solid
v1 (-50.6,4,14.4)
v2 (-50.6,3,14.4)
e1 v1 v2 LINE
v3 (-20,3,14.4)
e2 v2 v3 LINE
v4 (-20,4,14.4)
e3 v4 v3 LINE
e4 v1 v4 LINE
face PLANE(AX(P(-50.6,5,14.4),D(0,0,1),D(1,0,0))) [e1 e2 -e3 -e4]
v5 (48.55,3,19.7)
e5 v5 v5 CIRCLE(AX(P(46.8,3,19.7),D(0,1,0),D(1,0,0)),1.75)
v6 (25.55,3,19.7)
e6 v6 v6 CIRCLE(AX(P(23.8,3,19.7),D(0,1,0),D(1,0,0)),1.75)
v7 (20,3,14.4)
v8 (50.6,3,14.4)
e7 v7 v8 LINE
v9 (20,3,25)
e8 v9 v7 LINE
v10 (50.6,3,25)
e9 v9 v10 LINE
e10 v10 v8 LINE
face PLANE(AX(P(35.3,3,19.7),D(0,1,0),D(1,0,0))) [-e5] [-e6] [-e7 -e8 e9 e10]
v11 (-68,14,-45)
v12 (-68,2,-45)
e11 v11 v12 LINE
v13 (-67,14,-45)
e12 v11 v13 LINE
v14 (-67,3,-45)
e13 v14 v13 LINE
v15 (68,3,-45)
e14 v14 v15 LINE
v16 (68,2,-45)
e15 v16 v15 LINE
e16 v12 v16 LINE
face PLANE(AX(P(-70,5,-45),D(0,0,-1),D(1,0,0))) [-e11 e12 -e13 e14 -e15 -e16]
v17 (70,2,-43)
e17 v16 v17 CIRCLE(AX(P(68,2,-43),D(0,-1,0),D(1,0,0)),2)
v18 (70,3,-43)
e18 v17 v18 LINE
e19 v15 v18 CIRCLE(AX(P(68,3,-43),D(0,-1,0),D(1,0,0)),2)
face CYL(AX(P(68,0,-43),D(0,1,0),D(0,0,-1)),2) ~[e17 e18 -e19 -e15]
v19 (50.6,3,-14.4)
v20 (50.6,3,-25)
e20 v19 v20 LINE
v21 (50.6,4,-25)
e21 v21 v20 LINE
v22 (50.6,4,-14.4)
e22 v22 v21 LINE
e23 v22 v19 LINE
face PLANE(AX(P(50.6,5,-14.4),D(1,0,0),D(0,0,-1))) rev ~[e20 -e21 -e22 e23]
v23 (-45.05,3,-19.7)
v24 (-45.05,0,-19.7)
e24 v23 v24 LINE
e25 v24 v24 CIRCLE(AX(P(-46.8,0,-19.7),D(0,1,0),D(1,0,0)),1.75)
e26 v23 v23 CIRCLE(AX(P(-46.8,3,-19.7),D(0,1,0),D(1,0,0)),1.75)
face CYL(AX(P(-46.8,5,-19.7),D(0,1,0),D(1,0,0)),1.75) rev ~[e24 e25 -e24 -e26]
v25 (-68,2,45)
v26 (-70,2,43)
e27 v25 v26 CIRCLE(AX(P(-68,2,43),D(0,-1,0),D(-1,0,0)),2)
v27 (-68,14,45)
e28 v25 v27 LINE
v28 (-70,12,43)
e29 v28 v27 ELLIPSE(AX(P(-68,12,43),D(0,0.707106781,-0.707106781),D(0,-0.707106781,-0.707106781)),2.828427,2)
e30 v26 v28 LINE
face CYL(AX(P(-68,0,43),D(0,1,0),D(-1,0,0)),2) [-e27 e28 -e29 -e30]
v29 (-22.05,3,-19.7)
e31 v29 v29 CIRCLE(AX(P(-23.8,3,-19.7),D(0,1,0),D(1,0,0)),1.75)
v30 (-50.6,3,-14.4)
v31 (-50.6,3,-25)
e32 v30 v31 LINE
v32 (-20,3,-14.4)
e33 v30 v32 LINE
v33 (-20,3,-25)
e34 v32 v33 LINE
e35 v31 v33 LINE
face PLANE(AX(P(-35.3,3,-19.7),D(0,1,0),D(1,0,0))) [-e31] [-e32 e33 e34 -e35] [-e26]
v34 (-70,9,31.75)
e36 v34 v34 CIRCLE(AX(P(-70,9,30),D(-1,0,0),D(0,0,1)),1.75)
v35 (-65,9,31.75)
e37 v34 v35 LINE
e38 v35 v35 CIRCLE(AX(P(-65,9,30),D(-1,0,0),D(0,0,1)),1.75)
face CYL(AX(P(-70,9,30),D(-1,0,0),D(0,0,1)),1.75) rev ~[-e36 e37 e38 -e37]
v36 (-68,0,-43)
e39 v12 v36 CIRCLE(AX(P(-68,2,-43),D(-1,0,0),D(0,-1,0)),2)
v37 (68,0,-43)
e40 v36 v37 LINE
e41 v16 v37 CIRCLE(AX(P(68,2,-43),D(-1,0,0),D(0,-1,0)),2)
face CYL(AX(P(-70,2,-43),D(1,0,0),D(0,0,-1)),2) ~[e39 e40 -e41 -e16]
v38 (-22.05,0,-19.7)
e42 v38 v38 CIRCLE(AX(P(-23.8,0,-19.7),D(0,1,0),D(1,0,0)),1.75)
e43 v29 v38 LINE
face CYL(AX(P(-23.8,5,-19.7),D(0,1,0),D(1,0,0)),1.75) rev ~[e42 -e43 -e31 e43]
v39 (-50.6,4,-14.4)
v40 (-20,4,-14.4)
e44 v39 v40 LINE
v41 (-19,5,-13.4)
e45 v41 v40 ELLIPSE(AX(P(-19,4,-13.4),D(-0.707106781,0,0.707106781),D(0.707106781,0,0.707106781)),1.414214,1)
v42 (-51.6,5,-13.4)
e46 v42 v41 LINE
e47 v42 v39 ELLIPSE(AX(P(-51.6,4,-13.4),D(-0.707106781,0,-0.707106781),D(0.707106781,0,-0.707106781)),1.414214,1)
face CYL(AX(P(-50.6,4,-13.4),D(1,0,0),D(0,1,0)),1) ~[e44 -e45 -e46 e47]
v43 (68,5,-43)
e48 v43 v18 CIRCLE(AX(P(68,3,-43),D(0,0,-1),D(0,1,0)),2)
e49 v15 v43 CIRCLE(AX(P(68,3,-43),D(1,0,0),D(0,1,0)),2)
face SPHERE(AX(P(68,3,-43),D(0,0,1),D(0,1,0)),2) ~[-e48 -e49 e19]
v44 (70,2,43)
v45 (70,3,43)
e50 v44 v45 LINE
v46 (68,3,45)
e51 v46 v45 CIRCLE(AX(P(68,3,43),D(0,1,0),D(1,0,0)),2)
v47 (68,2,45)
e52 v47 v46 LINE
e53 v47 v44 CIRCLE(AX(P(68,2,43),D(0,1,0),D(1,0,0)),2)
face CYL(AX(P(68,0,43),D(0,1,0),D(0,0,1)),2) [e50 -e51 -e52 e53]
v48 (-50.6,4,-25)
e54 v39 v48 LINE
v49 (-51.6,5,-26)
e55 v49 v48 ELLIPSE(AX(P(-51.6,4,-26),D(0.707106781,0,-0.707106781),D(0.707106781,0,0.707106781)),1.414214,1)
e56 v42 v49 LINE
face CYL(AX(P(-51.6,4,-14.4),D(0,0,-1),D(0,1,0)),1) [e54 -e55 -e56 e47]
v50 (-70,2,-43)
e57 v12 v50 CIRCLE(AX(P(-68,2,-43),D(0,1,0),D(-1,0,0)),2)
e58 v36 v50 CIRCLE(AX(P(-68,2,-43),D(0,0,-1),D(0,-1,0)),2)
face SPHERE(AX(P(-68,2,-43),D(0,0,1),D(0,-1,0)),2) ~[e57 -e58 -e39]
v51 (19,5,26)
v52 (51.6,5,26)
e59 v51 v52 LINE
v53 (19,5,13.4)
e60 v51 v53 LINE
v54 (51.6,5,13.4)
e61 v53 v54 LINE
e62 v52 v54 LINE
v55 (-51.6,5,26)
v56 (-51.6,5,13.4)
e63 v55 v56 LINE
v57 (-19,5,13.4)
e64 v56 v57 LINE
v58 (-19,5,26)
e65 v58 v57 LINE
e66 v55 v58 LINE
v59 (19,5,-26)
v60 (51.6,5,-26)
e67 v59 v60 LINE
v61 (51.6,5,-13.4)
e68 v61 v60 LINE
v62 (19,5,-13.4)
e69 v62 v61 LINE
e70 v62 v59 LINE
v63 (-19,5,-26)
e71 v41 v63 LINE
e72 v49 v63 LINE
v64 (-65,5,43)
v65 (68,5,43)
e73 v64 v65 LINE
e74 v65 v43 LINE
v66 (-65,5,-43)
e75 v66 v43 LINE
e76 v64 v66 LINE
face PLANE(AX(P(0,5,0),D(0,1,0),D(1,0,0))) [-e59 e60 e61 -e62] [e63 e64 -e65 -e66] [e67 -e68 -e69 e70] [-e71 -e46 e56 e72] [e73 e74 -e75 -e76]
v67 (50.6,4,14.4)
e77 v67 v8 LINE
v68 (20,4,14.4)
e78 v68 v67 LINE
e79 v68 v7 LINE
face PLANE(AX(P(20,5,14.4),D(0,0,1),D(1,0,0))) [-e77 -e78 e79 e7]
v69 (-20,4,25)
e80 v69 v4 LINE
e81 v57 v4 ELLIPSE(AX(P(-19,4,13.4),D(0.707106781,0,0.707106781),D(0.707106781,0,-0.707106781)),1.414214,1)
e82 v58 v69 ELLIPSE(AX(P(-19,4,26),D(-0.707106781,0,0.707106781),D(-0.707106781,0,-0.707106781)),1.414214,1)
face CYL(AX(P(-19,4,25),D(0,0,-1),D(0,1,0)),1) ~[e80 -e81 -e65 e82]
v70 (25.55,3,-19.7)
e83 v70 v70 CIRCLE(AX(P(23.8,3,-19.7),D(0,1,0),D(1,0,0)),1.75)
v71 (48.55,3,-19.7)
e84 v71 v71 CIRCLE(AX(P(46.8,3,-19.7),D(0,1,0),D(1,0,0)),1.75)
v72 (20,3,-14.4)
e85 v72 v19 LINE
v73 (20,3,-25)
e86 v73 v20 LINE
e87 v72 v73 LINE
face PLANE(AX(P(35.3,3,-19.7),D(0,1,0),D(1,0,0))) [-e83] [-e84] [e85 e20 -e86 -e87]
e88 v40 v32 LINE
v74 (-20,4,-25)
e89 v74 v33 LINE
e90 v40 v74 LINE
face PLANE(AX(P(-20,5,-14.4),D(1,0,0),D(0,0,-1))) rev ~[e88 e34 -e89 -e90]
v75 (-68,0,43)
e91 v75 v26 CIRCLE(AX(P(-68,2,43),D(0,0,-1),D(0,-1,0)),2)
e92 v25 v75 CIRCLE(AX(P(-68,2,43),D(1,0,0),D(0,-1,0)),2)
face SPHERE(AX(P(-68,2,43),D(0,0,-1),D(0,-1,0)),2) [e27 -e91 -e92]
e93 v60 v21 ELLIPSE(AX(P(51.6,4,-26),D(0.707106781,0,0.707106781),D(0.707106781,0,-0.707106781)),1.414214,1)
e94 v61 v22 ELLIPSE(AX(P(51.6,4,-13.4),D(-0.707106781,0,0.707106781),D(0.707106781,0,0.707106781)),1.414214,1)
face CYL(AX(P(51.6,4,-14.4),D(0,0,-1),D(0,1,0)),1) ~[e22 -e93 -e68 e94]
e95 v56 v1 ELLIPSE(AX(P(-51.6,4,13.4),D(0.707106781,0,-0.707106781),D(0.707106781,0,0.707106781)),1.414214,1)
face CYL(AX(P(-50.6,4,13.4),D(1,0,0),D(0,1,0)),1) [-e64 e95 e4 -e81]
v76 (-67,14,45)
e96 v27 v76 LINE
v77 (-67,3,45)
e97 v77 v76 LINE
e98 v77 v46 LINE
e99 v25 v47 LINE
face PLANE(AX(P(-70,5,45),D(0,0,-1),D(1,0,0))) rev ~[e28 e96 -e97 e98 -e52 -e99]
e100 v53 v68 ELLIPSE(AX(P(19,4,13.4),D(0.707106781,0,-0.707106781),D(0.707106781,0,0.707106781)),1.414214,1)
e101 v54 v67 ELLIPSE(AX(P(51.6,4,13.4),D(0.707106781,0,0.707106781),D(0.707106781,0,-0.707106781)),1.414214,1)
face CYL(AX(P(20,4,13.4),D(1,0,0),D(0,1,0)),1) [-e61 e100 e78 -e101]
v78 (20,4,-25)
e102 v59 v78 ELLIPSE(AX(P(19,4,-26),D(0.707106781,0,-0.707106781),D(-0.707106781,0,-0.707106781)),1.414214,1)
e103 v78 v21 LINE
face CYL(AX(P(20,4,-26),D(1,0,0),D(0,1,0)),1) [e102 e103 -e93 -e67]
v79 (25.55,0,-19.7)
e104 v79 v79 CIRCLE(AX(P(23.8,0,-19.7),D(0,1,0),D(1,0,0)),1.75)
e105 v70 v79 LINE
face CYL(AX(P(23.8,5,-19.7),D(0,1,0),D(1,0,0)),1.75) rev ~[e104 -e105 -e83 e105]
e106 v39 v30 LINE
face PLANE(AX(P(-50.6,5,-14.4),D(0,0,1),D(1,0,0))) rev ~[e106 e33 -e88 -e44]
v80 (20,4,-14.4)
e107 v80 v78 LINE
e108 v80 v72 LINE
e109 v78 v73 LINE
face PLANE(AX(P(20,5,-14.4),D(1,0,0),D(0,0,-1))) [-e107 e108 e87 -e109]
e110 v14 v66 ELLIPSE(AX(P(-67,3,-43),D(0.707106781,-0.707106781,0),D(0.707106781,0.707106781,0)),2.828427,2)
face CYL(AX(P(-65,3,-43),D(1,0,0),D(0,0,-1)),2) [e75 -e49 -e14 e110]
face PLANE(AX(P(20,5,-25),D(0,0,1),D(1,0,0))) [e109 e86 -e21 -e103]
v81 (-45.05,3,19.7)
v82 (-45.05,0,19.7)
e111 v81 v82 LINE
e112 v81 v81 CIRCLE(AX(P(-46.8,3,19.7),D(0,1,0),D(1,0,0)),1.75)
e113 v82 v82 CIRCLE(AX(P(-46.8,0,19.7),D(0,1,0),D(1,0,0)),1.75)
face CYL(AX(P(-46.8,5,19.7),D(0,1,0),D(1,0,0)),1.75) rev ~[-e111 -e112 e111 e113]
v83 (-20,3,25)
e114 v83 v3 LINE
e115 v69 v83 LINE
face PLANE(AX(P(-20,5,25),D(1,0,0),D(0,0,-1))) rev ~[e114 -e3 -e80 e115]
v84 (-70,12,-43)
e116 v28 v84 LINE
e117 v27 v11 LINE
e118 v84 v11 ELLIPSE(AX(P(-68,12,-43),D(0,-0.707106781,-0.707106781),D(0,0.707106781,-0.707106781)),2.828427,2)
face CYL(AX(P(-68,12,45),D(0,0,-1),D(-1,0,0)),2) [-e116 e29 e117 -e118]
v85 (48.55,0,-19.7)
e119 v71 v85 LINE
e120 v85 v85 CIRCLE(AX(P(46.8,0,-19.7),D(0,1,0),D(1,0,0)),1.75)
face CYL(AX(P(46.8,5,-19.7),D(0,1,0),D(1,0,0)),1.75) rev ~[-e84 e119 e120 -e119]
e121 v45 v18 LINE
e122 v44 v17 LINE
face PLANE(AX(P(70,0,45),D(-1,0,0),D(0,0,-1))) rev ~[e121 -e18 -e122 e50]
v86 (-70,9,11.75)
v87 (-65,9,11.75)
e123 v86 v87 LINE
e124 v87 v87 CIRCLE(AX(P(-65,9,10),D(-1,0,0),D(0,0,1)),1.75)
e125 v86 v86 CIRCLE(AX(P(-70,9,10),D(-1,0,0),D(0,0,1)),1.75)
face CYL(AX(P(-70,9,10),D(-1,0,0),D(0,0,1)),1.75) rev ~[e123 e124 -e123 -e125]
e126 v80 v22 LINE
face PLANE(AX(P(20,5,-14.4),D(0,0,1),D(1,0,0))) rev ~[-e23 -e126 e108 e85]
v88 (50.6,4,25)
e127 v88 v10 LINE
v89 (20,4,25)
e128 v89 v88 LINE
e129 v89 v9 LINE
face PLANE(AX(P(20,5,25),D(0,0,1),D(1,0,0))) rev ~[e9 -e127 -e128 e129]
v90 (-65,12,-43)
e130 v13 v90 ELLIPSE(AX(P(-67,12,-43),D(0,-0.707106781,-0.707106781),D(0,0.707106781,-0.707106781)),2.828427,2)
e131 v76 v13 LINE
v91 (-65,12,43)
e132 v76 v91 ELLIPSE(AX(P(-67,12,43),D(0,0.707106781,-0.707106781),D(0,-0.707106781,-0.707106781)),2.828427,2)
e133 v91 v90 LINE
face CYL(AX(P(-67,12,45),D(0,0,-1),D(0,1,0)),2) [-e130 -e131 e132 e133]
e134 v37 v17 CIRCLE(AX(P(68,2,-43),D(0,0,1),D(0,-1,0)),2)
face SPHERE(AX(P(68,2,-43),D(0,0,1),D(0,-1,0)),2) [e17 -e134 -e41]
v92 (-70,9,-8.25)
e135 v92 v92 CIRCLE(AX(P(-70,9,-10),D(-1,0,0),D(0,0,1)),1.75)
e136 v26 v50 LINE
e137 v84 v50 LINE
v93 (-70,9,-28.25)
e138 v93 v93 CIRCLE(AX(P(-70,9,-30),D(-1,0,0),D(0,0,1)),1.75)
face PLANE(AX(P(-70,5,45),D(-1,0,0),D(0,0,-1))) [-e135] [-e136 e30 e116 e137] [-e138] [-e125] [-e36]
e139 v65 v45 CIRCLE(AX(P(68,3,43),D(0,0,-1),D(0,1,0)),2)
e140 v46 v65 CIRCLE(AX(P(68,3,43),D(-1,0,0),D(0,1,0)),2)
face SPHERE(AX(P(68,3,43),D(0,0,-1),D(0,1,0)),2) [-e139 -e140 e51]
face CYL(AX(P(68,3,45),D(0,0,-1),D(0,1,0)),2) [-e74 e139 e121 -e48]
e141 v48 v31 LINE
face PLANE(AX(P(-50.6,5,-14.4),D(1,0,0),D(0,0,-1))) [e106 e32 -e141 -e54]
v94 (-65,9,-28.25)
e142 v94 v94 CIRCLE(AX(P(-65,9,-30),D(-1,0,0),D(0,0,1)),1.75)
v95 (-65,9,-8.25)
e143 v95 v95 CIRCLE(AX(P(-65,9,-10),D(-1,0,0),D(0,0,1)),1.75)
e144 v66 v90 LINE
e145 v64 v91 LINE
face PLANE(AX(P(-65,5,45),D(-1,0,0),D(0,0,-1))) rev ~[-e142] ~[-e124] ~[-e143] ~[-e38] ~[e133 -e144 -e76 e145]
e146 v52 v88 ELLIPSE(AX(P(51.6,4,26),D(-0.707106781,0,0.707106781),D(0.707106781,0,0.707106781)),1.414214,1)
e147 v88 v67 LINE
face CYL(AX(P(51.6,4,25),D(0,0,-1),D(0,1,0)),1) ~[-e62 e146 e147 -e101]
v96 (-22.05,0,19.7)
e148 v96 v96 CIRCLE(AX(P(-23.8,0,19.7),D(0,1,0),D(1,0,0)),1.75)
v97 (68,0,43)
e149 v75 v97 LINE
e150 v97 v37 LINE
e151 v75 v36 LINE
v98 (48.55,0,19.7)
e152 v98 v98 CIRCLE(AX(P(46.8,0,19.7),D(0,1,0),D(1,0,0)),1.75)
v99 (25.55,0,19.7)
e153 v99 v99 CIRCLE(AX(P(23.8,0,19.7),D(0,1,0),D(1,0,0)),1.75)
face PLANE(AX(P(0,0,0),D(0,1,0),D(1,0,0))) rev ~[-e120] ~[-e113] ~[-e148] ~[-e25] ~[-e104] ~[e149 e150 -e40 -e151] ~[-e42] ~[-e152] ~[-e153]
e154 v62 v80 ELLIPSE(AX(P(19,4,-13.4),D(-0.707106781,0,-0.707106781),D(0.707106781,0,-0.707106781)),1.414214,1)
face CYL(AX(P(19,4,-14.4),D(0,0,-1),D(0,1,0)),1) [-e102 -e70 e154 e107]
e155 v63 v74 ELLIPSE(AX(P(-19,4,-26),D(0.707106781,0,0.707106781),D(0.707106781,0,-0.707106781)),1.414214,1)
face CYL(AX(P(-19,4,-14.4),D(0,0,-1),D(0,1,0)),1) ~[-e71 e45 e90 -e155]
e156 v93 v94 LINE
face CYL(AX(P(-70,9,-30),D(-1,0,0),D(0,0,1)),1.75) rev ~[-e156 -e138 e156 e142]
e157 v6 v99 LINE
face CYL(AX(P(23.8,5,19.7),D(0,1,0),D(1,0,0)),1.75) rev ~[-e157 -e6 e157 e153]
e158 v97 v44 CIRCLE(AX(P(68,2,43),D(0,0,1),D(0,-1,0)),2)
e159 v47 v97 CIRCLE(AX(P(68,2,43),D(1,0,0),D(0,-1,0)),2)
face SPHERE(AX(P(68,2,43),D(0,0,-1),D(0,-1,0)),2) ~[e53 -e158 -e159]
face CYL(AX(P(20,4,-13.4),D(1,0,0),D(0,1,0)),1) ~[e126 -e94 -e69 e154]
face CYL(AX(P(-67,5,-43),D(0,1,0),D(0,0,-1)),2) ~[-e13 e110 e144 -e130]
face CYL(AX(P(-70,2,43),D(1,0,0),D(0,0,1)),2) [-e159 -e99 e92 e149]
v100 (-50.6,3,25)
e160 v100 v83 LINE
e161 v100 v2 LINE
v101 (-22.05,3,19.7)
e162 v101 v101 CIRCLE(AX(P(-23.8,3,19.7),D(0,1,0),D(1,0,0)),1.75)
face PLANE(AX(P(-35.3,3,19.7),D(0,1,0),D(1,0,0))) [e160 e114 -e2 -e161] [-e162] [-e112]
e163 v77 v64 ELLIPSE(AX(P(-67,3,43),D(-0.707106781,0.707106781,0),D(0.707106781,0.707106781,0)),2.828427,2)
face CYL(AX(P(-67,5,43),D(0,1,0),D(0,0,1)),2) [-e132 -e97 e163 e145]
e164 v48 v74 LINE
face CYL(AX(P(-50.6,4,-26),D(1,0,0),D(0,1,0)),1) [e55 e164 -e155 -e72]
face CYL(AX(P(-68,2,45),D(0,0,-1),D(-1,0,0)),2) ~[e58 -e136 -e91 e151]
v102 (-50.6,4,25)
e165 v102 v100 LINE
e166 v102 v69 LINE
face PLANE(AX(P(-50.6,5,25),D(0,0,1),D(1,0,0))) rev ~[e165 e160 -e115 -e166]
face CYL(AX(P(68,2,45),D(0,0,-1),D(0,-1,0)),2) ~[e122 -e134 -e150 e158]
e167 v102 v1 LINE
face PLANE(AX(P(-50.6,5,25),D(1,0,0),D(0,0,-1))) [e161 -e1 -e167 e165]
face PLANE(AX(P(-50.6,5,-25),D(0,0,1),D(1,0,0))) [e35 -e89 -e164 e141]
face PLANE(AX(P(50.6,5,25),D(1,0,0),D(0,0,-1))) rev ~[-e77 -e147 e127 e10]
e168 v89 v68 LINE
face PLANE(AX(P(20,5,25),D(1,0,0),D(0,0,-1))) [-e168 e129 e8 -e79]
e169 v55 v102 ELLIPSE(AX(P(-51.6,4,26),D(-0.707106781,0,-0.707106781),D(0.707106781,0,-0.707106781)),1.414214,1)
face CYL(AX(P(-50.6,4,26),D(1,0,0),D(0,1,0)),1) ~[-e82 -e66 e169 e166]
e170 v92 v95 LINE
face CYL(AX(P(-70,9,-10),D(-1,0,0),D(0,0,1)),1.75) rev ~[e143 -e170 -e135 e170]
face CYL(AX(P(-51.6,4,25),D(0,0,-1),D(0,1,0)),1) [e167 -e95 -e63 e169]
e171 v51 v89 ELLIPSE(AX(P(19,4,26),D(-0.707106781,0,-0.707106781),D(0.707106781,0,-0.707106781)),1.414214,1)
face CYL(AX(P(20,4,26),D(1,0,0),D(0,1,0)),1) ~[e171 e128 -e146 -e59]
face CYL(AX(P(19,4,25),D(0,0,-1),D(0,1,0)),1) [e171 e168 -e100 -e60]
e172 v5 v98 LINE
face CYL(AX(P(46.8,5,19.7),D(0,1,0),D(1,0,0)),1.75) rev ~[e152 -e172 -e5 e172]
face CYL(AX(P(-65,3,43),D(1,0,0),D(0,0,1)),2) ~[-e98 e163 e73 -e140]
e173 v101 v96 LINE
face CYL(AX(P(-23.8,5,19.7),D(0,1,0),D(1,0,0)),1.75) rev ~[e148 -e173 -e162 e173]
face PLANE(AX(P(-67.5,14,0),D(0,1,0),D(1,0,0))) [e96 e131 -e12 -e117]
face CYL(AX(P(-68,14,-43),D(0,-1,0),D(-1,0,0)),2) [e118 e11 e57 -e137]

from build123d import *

# Parameters (mm, degrees)
SKETCH_1_W          = 140
SKETCH_1_H          = 90
EXTRUDE_1_DEPTH     = 5
SKETCH_2_W          = 5
SKETCH_2_H          = 90
EXTRUDE_2_DEPTH     = 9
SKETCH_3_R          = 1.75
CUT_EXTRUDE_1_DEPTH = 11
SKETCH_5_W          = 30.6
SKETCH_5_H          = 10.6
SKETCH_5_R          = 1.75
CUT_EXTRUDE_2_DEPTH = 2
SKETCH_5_3_R        = 1.75
CUT_EXTRUDE_3_DEPTH = 84.701851831
FILLET_1_R          = 2
FILLET_2_R          = 1


with BuildPart() as part:
    # ｽｹｯﾁ1 → ﾎﾞｽ - 押し出し1 (new body)
    with BuildSketch(Plane(origin=(0, 0, 0), x_dir=(1, 0, 0), z_dir=(0, 1, 0))):
        Rectangle(SKETCH_1_W, SKETCH_1_H)
    extrude(amount=EXTRUDE_1_DEPTH)

    # ｽｹｯﾁ2 → ﾎﾞｽ - 押し出し2 (add)
    with BuildSketch(Plane(origin=(0, 5, 0), x_dir=(1, 0, 0), z_dir=(0, 1, 0))):
        with Locations((-67.5, 0)):
            Rectangle(SKETCH_2_W, SKETCH_2_H)
    extrude(amount=EXTRUDE_2_DEPTH)

    # ｽｹｯﾁ3 → ｶｯﾄ - 押し出し1 (cut)
    with BuildSketch(Plane.ZY.offset(70)):
        with Locations((-30, 9)):
            Circle(SKETCH_3_R)
        with Locations((-10, 9)):
            Circle(SKETCH_3_R)
        with Locations((30, 9)):
            Circle(SKETCH_3_R)
        with Locations((10, 9)):
            Circle(SKETCH_3_R)
    extrude(amount=-CUT_EXTRUDE_1_DEPTH, mode=Mode.SUBTRACT)

    # ｽｹｯﾁ5 → ｶｯﾄ - 押し出し2 (cut)
    # profile 1 of 4: a face of its own
    with BuildSketch(Plane(origin=(0, 5, 0), x_dir=(1, 0, 0), z_dir=(0, 1, 0))):
        with Locations((-35.3, -19.7)):
            Rectangle(SKETCH_5_W, SKETCH_5_H)
        with Locations((-46.8, -19.7)):
            Circle(SKETCH_5_R, mode=Mode.SUBTRACT)
        with Locations((-23.8, -19.7)):
            Circle(SKETCH_5_R, mode=Mode.SUBTRACT)
    # profile 2 of 4: a face of its own
    with BuildSketch(Plane(origin=(0, 5, 0), x_dir=(1, 0, 0), z_dir=(0, 1, 0))):
        with Locations((-35.3, 19.7)):
            Rectangle(SKETCH_5_W, SKETCH_5_H)
        with Locations((-23.8, 19.7)):
            Circle(SKETCH_5_R, mode=Mode.SUBTRACT)
        with Locations((-46.8, 19.7)):
            Circle(SKETCH_5_R, mode=Mode.SUBTRACT)
    # profile 3 of 4: a face of its own
    with BuildSketch(Plane(origin=(0, 5, 0), x_dir=(1, 0, 0), z_dir=(0, 1, 0))):
        with Locations((35.3, 19.7)):
            Rectangle(SKETCH_5_W, SKETCH_5_H)
        with Locations((46.8, 19.7)):
            Circle(SKETCH_5_R, mode=Mode.SUBTRACT)
        with Locations((23.8, 19.7)):
            Circle(SKETCH_5_R, mode=Mode.SUBTRACT)
    # profile 4 of 4: a face of its own
    with BuildSketch(Plane(origin=(0, 5, 0), x_dir=(1, 0, 0), z_dir=(0, 1, 0))):
        with Locations((35.3, -19.7)):
            Rectangle(SKETCH_5_W, SKETCH_5_H)
        with Locations((23.8, -19.7)):
            Circle(SKETCH_5_R, mode=Mode.SUBTRACT)
        with Locations((46.8, -19.7)):
            Circle(SKETCH_5_R, mode=Mode.SUBTRACT)
    extrude(amount=-CUT_EXTRUDE_2_DEPTH, mode=Mode.SUBTRACT)

    # ｽｹｯﾁ5<3> → ｶｯﾄ - 押し出し3 (cut, through all)
    with BuildSketch(Plane(origin=(0, 5, 0), x_dir=(1, 0, 0), z_dir=(0, 1, 0))):
        with Locations((-46.8, -19.7)):
            Circle(SKETCH_5_3_R)
        with Locations((-23.8, -19.7)):
            Circle(SKETCH_5_3_R)
        with Locations((-23.8, 19.7)):
            Circle(SKETCH_5_3_R)
        with Locations((-46.8, 19.7)):
            Circle(SKETCH_5_3_R)
        with Locations((46.8, 19.7)):
            Circle(SKETCH_5_3_R)
        with Locations((23.8, 19.7)):
            Circle(SKETCH_5_3_R)
        with Locations((23.8, -19.7)):
            Circle(SKETCH_5_3_R)
        with Locations((46.8, -19.7)):
            Circle(SKETCH_5_3_R)
    extrude(amount=-CUT_EXTRUDE_3_DEPTH, mode=Mode.SUBTRACT)

    # ﾌｨﾚｯﾄ1
    fillet_1_edges = [part.edges().sort_by_distance(p)[0] for p in [
        (70, 0, 0),
        (70, 5, 0),
        (-65, 14, 0),
        (-70, 14, 0),
        (-70, 0, 0),
        (0, 0, -45),
        (2.5, 5, -45),
        (0, 0, 45),
        (2.5, 5, 45),
        (-65, 9.5, 45),
        (-65, 9.5, -45),
        (-70, 7, 45),
        (-70, 7, -45),
        (70, 2.5, 45),
        (70, 2.5, -45),
    ]]
    fillet(fillet_1_edges, radius=FILLET_1_R)

    # ﾌｨﾚｯﾄ2
    fillet_2_edges = [part.edges().sort_by_distance(p)[0] for p in [
        (20, 5, -19.7),
        (35.3, 5, -25),
        (35.3, 5, -14.4),
        (50.6, 5, -19.7),
        (50.6, 5, 19.7),
        (35.3, 5, 25),
        (20, 5, 19.7),
        (35.3, 5, 14.4),
        (-50.6, 5, -19.7),
        (-35.3, 5, -25),
        (-35.3, 5, -14.4),
        (-20, 5, -19.7),
        (-50.6, 5, 19.7),
        (-35.3, 5, 14.4),
        (-20, 5, 19.7),
        (-35.3, 5, 25),
    ]]
    fillet(fillet_2_edges, radius=FILLET_2_R)


solid = part.part
